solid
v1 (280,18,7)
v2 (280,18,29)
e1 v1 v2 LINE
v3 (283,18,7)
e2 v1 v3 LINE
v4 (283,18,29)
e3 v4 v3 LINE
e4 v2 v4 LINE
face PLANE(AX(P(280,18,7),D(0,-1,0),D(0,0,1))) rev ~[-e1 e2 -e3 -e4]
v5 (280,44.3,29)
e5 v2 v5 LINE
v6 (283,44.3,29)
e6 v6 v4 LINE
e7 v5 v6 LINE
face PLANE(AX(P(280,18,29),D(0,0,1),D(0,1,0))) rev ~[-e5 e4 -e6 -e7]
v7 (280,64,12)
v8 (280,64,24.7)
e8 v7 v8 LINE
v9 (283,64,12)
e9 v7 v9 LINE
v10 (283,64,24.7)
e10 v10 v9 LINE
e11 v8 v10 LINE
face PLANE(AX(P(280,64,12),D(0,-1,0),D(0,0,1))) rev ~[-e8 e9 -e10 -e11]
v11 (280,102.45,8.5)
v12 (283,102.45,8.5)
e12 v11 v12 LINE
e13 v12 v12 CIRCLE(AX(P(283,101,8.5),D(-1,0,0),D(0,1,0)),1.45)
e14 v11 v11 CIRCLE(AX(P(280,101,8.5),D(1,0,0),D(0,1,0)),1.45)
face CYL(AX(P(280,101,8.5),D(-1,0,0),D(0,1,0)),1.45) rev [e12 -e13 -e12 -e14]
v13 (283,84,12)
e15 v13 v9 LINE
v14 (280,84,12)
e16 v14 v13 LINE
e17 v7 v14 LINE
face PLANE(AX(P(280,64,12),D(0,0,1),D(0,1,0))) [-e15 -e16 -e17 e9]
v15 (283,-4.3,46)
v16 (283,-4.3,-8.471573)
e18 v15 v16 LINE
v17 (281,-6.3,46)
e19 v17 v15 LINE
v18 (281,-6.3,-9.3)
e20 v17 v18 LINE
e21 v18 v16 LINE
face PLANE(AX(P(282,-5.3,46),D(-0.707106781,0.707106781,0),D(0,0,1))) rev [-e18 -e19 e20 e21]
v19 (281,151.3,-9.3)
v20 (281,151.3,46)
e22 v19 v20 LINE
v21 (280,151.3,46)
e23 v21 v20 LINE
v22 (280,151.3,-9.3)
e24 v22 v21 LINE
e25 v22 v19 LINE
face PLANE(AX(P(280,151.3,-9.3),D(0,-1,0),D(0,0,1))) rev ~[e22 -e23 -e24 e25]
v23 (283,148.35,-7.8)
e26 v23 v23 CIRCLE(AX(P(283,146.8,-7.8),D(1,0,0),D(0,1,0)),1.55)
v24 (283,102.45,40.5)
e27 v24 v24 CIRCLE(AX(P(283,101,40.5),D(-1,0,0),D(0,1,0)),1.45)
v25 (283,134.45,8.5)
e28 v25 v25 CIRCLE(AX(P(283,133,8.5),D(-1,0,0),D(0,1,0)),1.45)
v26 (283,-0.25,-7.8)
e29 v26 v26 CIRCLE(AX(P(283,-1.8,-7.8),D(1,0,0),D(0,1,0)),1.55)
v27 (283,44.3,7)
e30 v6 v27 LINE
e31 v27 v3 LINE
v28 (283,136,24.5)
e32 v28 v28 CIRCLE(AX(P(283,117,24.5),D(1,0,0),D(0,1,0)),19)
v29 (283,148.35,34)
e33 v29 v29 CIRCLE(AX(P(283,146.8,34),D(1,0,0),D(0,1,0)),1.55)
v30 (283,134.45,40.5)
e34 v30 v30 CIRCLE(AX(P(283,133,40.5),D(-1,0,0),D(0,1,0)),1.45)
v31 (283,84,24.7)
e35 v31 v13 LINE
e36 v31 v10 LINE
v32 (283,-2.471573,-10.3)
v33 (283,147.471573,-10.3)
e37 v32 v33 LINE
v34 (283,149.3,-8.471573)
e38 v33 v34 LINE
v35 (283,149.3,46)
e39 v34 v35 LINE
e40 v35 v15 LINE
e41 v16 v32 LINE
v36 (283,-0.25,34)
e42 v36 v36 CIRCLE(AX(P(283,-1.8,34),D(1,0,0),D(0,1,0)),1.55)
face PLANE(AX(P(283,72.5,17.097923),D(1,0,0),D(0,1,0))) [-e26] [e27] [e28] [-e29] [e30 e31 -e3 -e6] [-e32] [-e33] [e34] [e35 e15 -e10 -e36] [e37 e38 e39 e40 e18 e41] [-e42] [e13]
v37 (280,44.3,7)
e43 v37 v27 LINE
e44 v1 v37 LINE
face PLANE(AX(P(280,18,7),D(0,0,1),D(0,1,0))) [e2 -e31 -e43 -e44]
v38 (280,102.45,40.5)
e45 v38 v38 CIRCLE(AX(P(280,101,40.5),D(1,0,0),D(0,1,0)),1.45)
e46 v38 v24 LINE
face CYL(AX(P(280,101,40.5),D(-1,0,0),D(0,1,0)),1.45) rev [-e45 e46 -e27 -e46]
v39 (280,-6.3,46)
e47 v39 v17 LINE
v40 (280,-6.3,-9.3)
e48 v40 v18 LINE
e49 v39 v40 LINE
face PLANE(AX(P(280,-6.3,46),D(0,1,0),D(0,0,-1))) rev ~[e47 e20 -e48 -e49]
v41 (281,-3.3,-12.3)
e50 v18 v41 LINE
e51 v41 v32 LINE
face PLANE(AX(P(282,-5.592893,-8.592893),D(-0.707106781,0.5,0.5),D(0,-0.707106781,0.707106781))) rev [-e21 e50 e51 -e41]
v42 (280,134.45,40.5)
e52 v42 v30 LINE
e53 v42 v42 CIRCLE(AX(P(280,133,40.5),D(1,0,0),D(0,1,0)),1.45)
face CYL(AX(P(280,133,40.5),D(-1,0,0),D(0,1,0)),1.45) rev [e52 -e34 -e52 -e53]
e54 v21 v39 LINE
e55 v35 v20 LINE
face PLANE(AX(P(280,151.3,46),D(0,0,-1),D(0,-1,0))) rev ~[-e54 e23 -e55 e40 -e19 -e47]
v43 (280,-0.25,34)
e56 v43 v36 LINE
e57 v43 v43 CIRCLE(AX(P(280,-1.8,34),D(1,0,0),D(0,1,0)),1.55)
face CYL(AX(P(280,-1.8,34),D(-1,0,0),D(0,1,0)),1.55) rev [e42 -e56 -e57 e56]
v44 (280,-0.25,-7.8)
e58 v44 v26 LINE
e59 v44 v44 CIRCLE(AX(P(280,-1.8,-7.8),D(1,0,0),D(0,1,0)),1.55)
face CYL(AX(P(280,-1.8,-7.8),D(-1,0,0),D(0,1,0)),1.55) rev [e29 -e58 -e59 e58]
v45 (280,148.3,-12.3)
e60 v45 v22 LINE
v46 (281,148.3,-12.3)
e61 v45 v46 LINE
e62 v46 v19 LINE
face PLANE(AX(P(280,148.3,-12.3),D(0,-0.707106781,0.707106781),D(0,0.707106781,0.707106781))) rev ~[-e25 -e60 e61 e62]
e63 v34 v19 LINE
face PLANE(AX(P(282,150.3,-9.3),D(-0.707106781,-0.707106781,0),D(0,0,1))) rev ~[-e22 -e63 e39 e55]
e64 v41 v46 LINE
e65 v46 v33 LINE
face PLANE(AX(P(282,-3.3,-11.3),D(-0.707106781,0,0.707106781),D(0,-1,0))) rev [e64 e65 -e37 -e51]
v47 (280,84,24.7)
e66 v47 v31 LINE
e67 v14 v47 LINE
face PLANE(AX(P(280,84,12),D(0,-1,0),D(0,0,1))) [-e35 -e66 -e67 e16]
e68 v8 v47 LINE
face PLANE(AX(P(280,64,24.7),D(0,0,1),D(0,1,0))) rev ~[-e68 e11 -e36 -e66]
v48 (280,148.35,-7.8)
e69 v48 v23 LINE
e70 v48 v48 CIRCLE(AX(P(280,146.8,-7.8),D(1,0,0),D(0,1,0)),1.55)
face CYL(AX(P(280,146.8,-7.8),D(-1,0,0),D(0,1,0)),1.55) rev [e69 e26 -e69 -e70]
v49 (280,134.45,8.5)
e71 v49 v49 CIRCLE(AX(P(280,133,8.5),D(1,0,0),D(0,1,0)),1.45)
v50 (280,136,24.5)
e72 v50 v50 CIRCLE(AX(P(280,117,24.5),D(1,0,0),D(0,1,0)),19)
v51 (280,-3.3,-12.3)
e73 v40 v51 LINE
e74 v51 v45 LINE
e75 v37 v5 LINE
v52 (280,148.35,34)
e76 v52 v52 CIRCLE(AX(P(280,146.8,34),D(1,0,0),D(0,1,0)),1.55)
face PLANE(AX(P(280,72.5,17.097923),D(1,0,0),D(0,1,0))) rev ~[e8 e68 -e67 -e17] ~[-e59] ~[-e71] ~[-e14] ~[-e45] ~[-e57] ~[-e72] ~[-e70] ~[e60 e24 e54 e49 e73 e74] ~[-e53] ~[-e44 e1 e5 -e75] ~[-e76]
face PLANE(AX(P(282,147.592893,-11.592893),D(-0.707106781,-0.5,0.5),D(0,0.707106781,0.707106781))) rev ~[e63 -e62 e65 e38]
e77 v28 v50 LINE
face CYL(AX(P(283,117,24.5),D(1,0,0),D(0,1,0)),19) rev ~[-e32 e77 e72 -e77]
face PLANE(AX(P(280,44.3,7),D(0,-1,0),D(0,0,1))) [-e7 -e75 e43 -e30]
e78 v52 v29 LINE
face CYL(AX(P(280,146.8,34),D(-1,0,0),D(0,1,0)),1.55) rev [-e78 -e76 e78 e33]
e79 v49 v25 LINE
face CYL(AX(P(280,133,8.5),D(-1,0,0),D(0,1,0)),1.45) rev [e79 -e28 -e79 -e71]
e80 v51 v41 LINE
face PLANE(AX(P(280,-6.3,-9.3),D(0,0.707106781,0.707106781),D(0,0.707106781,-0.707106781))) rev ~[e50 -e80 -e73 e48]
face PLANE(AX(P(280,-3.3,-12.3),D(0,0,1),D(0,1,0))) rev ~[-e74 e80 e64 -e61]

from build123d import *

# Parameters (mm, degrees)
SKETCH012_R     = 1.55
PAD006_DEPTH    = 3
SKETCH013_R     = 1.45
SKETCH013_W     = 26.3
SKETCH013_H     = 22
SKETCH013_W_2   = 20
SKETCH013_H_2   = 12.7
POCKET006_DEPTH = 5
SKETCH014_R     = 19
POCKET007_DEPTH = 5
CHAMFER004_SIZE = 2


with BuildPart() as part:
    # Sketch012 (on ShapeBinder) → Pad006 (new body)
    with BuildSketch(Plane.YZ.offset(280)):
        Polygon((-6.3, -9.3), (-3.3, -12.3), (148.3, -12.3), (151.3, -9.3), (151.3, 46), (-6.3, 46), align=None)
        with Locations((-1.8, 34)):
            Circle(SKETCH012_R, mode=Mode.SUBTRACT)
        with Locations((-1.8, -7.8)):
            Circle(SKETCH012_R, mode=Mode.SUBTRACT)
        with Locations((146.8, -7.8)):
            Circle(SKETCH012_R, mode=Mode.SUBTRACT)
        with Locations((146.8, 34)):
            Circle(SKETCH012_R, mode=Mode.SUBTRACT)
    extrude(amount=PAD006_DEPTH)

    # Sketch013 (on ShapeBinder) → Pocket006 (cut)
    with BuildSketch(Plane.YZ.offset(280)):
        with Locations((101, 40.5)):
            Circle(SKETCH013_R)
        with Locations((133, 40.5)):
            Circle(SKETCH013_R)
        with Locations((101, 8.5)):
            Circle(SKETCH013_R)
        with Locations((133, 8.5)):
            Circle(SKETCH013_R)
        with Locations((31.15, 18)):
            Rectangle(SKETCH013_W, SKETCH013_H)
        with Locations((74, 18.35)):
            Rectangle(SKETCH013_W_2, SKETCH013_H_2)
    extrude(amount=POCKET006_DEPTH, mode=Mode.SUBTRACT)

    # Sketch014 (on Face5 of Pocket006) → Pocket007 (cut)
    with BuildSketch(Plane.YZ.offset(283)):
        with Locations((117, 24.5)):
            Circle(SKETCH014_R)
    extrude(amount=-POCKET007_DEPTH, mode=Mode.SUBTRACT)

    # Chamfer004
    chamfer004_edges = [part.edges().sort_by_distance(p)[0] for p in [
        (283, -6.3, 18.35),
        (283, -4.8, -10.8),
        (283, 72.5, -12.3),
        (283, 149.8, -10.8),
        (283, 151.3, 18.35),
    ]]
    chamfer(chamfer004_edges, length=CHAMFER004_SIZE)


solid = part.part
